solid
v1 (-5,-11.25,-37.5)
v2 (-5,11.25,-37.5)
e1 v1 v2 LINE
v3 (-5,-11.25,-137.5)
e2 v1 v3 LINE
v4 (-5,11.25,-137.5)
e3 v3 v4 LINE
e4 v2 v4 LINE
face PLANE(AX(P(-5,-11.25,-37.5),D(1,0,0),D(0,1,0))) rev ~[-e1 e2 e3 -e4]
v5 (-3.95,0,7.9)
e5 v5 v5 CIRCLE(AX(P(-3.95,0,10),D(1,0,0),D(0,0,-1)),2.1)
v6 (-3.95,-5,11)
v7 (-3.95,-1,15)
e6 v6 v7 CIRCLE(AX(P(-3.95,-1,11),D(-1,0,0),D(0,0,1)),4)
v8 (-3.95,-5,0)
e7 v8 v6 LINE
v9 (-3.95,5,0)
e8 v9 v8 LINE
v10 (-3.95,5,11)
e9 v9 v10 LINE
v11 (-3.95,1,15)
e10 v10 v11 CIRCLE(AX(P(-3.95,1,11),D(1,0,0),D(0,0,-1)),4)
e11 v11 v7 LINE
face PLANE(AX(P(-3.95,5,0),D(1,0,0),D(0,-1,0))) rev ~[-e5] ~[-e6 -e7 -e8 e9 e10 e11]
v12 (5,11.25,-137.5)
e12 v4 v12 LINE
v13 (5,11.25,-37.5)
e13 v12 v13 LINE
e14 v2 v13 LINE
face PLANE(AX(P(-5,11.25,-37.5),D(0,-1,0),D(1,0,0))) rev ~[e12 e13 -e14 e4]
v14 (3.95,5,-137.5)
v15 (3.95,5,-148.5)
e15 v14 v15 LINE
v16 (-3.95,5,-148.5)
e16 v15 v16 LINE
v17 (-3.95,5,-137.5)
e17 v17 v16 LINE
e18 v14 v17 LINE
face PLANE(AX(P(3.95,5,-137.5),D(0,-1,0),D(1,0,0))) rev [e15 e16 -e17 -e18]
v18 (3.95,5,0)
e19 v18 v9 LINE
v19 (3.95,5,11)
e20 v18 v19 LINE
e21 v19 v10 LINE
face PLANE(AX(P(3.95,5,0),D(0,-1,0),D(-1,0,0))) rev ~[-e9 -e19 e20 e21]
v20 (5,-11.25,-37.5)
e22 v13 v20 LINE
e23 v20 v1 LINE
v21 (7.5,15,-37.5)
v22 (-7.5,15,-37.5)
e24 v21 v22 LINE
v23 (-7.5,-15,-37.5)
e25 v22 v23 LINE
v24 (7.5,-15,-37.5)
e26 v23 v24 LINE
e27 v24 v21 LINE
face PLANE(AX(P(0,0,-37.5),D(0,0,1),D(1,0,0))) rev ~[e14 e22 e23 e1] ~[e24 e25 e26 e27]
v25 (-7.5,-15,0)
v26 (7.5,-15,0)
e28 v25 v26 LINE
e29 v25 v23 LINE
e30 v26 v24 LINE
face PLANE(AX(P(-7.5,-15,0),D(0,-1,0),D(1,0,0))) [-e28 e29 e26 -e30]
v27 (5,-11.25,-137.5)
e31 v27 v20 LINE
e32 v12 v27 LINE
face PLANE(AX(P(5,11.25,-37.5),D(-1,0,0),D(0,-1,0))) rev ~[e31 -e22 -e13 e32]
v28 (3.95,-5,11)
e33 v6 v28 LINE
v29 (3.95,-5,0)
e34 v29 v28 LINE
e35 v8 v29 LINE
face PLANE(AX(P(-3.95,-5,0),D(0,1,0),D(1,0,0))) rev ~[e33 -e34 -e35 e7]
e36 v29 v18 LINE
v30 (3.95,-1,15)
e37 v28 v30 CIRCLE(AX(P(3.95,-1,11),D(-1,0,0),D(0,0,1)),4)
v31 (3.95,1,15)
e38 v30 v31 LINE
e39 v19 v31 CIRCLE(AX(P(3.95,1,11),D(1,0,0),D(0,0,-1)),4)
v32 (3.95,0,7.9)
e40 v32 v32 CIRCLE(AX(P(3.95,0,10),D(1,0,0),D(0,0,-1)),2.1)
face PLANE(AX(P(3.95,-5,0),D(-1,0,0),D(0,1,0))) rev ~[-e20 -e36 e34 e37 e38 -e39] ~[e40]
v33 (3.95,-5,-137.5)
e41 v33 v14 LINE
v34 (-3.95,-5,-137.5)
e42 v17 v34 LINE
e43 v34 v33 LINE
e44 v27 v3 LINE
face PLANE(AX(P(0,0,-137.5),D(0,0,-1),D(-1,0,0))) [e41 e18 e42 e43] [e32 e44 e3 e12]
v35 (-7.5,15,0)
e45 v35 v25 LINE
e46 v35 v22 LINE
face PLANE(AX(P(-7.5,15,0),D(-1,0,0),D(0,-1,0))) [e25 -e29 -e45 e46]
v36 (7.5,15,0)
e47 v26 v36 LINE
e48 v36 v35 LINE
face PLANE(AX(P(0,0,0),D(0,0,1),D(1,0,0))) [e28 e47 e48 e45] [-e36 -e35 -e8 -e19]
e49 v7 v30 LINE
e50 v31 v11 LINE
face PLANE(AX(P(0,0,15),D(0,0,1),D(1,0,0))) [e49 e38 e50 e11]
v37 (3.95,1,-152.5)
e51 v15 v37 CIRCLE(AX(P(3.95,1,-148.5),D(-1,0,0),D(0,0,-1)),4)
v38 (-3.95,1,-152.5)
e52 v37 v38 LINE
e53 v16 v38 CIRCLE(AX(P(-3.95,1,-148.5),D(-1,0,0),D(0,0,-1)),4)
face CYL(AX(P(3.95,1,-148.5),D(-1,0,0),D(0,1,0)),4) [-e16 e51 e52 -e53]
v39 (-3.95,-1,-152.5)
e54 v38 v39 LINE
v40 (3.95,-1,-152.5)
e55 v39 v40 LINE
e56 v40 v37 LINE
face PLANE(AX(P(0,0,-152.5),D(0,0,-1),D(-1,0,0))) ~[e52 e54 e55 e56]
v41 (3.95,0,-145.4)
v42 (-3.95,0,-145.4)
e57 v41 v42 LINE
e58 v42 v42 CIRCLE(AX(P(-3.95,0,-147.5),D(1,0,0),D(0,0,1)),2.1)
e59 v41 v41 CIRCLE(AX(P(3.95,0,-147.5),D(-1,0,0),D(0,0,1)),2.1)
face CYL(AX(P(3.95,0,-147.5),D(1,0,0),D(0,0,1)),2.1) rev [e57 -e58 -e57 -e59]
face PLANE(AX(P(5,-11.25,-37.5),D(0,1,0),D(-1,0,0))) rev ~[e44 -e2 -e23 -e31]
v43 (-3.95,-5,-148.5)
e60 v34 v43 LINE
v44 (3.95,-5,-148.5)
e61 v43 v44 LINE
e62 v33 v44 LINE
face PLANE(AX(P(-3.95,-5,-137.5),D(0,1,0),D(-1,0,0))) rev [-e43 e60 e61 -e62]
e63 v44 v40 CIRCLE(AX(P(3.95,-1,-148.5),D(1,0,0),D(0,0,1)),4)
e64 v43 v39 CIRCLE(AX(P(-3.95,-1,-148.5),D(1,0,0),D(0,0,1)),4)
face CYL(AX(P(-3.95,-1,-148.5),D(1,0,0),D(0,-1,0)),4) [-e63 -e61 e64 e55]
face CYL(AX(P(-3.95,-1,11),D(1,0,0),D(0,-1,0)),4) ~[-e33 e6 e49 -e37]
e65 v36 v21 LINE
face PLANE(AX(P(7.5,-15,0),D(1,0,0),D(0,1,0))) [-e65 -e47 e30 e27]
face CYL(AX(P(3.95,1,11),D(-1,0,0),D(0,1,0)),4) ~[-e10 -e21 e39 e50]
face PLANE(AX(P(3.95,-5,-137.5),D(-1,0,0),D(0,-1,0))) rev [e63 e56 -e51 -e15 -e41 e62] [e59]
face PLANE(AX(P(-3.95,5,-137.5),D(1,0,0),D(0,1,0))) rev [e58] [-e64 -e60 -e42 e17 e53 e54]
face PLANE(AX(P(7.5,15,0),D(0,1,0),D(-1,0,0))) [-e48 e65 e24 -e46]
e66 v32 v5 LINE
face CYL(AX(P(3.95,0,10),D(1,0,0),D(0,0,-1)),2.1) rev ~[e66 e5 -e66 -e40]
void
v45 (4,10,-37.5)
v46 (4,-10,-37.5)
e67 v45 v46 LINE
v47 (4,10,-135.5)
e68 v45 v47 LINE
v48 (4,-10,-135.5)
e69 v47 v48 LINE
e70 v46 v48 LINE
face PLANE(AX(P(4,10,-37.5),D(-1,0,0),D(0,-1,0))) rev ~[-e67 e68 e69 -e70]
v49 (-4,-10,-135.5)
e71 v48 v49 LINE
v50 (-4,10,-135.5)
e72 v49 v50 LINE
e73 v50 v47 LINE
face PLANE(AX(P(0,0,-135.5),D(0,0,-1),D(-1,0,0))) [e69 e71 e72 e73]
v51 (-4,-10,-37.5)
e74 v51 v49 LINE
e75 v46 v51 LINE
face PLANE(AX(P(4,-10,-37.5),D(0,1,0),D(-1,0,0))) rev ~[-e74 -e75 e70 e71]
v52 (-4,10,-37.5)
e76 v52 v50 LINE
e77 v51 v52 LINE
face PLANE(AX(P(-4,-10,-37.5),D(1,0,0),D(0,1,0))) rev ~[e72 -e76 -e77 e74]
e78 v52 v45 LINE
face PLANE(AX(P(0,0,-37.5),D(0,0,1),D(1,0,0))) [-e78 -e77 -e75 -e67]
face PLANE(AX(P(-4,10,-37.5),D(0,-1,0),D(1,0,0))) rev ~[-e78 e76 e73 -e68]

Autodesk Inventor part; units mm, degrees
ref_plane "YZ Plane" through (0, 0, 0) normal (1, 0, 0) x (0, 1, 0)
ref_plane "XZ Plane" through (0, 0, 0) normal (0, 1, 0) x (-1, 0, 0)
sketch "스케치1" plane through (0, 0, 0) normal (0, 0, 1) x (1, 0, 0)
  line L0 (-7.5, -15) -> (7.5, -15)
  line L1 (7.5, -15) -> (7.5, 15)
  line L2 (7.5, 15) -> (-7.5, 15)
  line L3 (-7.5, 15) -> (-7.5, -15)
  point P0 (0, 0)
  dimension "d0" = 15
  dimension "d1" = 30
  dimension "d2" = 15
  dimension "d3" = 7.5
extrude "돌출1" add sketch "스케치1" against normal blind 37.5
sketch "스케치2" plane through (0, 0, -37.5) normal (0, 0, -1) x (-1, 0, 0)
  line L0 (5, 11.25) -> (-5, 11.25)
  line L1 (-5, 11.25) -> (-5, -11.25)
  line L2 (-5, -11.25) -> (5, -11.25)
  line L3 (5, -11.25) -> (5, 11.25)
  line L4 (5, 11.25) -> (-5, -11.25) construction
  line L5 (-5, 11.25) -> (5, -11.25) construction
  line L6 (-4, -10) -> (4, -10)
  line L7 (4, -10) -> (4, 10)
  line L8 (4, 10) -> (-4, 10)
  line L9 (-4, 10) -> (-4, -10)
  line L10 (-4, -10) -> (4, 10) construction
  line L11 (4, -10) -> (-4, 10) construction
  point P0 (0, 0)
  dimension "d6" = 10
  dimension "d7" = 22.5
  dimension "d10" = 8
  dimension "d11" = 20
extrude "돌출2" add sketch "스케치2" along normal blind 100
sketch "스케치3" plane through (0, 0, 0) normal (0, 0, 1) x (1, 0, 0)
  line L0 (-3.95, -5) -> (3.95, -5)
  line L1 (3.95, -5) -> (3.95, 5)
  line L2 (3.95, 5) -> (-3.95, 5)
  line L3 (-3.95, 5) -> (-3.95, -5)
  line L4 (-3.95, -5) -> (3.95, 5) construction
  line L5 (3.95, -5) -> (-3.95, 5) construction
  point P0 (0, 0)
  dimension "d12" = 7.9
  dimension "d13" = 10
extrude "돌출3" add sketch "스케치3" along normal blind 15
sketch "스케치4" plane through (3.95, -5, 0) normal (1, 0, 0) x (0, 0, -1)
  circle A0 centre (-10, 5) radius 2.1
  line L0 (0, 0) -> (-15, 0) projected
  line L1 (-15, 0) -> (-15, 10) projected
  point P0 (0, 5)
  dimension "d16" = 4.2
  dimension "d17" = 5
  dimension "d18" = 5
extrude "돌출4" cut sketch "스케치4" against normal blind 15
sketch "스케치5" plane through (0, 0, -137.5) normal (0, 0, -1) x (-1, 0, 0)
  line L0 (-5, 11.25) -> (5, 11.25) projected
  line L1 (5, -11.25) -> (-5, -11.25) projected
  line L2 (5, 11.25) -> (-5, 11.25)
  line L3 (-5, 11.25) -> (-5, -11.25)
  line L4 (-5, -11.25) -> (5, -11.25)
  line L5 (5, -11.25) -> (5, 11.25)
  point P0 (7.5, 15)
  point P1 (-7.5, -15)
extrude "돌출5" add sketch "스케치5" against normal blind 2
ref_plane "작업 평면1" through (0, 0, -68.75) normal (0, 0, 1) x (1, 0, 0)
mirror "미러1" about plane through (0, 0, -68.75) normal (0, 0, 1) of "돌출3"
mirror "미러2" about plane through (0, 0, -68.75) normal (0, 0, 1) of "돌출4"
fillet "모깎기1" radius 4 4 edges at (0, -5, 15) (0, 5, 15) (0, -5, -152.5) (0, 5, -152.5)
properties part number "각도조절 액추에이터_최대" material "철, 가단"
